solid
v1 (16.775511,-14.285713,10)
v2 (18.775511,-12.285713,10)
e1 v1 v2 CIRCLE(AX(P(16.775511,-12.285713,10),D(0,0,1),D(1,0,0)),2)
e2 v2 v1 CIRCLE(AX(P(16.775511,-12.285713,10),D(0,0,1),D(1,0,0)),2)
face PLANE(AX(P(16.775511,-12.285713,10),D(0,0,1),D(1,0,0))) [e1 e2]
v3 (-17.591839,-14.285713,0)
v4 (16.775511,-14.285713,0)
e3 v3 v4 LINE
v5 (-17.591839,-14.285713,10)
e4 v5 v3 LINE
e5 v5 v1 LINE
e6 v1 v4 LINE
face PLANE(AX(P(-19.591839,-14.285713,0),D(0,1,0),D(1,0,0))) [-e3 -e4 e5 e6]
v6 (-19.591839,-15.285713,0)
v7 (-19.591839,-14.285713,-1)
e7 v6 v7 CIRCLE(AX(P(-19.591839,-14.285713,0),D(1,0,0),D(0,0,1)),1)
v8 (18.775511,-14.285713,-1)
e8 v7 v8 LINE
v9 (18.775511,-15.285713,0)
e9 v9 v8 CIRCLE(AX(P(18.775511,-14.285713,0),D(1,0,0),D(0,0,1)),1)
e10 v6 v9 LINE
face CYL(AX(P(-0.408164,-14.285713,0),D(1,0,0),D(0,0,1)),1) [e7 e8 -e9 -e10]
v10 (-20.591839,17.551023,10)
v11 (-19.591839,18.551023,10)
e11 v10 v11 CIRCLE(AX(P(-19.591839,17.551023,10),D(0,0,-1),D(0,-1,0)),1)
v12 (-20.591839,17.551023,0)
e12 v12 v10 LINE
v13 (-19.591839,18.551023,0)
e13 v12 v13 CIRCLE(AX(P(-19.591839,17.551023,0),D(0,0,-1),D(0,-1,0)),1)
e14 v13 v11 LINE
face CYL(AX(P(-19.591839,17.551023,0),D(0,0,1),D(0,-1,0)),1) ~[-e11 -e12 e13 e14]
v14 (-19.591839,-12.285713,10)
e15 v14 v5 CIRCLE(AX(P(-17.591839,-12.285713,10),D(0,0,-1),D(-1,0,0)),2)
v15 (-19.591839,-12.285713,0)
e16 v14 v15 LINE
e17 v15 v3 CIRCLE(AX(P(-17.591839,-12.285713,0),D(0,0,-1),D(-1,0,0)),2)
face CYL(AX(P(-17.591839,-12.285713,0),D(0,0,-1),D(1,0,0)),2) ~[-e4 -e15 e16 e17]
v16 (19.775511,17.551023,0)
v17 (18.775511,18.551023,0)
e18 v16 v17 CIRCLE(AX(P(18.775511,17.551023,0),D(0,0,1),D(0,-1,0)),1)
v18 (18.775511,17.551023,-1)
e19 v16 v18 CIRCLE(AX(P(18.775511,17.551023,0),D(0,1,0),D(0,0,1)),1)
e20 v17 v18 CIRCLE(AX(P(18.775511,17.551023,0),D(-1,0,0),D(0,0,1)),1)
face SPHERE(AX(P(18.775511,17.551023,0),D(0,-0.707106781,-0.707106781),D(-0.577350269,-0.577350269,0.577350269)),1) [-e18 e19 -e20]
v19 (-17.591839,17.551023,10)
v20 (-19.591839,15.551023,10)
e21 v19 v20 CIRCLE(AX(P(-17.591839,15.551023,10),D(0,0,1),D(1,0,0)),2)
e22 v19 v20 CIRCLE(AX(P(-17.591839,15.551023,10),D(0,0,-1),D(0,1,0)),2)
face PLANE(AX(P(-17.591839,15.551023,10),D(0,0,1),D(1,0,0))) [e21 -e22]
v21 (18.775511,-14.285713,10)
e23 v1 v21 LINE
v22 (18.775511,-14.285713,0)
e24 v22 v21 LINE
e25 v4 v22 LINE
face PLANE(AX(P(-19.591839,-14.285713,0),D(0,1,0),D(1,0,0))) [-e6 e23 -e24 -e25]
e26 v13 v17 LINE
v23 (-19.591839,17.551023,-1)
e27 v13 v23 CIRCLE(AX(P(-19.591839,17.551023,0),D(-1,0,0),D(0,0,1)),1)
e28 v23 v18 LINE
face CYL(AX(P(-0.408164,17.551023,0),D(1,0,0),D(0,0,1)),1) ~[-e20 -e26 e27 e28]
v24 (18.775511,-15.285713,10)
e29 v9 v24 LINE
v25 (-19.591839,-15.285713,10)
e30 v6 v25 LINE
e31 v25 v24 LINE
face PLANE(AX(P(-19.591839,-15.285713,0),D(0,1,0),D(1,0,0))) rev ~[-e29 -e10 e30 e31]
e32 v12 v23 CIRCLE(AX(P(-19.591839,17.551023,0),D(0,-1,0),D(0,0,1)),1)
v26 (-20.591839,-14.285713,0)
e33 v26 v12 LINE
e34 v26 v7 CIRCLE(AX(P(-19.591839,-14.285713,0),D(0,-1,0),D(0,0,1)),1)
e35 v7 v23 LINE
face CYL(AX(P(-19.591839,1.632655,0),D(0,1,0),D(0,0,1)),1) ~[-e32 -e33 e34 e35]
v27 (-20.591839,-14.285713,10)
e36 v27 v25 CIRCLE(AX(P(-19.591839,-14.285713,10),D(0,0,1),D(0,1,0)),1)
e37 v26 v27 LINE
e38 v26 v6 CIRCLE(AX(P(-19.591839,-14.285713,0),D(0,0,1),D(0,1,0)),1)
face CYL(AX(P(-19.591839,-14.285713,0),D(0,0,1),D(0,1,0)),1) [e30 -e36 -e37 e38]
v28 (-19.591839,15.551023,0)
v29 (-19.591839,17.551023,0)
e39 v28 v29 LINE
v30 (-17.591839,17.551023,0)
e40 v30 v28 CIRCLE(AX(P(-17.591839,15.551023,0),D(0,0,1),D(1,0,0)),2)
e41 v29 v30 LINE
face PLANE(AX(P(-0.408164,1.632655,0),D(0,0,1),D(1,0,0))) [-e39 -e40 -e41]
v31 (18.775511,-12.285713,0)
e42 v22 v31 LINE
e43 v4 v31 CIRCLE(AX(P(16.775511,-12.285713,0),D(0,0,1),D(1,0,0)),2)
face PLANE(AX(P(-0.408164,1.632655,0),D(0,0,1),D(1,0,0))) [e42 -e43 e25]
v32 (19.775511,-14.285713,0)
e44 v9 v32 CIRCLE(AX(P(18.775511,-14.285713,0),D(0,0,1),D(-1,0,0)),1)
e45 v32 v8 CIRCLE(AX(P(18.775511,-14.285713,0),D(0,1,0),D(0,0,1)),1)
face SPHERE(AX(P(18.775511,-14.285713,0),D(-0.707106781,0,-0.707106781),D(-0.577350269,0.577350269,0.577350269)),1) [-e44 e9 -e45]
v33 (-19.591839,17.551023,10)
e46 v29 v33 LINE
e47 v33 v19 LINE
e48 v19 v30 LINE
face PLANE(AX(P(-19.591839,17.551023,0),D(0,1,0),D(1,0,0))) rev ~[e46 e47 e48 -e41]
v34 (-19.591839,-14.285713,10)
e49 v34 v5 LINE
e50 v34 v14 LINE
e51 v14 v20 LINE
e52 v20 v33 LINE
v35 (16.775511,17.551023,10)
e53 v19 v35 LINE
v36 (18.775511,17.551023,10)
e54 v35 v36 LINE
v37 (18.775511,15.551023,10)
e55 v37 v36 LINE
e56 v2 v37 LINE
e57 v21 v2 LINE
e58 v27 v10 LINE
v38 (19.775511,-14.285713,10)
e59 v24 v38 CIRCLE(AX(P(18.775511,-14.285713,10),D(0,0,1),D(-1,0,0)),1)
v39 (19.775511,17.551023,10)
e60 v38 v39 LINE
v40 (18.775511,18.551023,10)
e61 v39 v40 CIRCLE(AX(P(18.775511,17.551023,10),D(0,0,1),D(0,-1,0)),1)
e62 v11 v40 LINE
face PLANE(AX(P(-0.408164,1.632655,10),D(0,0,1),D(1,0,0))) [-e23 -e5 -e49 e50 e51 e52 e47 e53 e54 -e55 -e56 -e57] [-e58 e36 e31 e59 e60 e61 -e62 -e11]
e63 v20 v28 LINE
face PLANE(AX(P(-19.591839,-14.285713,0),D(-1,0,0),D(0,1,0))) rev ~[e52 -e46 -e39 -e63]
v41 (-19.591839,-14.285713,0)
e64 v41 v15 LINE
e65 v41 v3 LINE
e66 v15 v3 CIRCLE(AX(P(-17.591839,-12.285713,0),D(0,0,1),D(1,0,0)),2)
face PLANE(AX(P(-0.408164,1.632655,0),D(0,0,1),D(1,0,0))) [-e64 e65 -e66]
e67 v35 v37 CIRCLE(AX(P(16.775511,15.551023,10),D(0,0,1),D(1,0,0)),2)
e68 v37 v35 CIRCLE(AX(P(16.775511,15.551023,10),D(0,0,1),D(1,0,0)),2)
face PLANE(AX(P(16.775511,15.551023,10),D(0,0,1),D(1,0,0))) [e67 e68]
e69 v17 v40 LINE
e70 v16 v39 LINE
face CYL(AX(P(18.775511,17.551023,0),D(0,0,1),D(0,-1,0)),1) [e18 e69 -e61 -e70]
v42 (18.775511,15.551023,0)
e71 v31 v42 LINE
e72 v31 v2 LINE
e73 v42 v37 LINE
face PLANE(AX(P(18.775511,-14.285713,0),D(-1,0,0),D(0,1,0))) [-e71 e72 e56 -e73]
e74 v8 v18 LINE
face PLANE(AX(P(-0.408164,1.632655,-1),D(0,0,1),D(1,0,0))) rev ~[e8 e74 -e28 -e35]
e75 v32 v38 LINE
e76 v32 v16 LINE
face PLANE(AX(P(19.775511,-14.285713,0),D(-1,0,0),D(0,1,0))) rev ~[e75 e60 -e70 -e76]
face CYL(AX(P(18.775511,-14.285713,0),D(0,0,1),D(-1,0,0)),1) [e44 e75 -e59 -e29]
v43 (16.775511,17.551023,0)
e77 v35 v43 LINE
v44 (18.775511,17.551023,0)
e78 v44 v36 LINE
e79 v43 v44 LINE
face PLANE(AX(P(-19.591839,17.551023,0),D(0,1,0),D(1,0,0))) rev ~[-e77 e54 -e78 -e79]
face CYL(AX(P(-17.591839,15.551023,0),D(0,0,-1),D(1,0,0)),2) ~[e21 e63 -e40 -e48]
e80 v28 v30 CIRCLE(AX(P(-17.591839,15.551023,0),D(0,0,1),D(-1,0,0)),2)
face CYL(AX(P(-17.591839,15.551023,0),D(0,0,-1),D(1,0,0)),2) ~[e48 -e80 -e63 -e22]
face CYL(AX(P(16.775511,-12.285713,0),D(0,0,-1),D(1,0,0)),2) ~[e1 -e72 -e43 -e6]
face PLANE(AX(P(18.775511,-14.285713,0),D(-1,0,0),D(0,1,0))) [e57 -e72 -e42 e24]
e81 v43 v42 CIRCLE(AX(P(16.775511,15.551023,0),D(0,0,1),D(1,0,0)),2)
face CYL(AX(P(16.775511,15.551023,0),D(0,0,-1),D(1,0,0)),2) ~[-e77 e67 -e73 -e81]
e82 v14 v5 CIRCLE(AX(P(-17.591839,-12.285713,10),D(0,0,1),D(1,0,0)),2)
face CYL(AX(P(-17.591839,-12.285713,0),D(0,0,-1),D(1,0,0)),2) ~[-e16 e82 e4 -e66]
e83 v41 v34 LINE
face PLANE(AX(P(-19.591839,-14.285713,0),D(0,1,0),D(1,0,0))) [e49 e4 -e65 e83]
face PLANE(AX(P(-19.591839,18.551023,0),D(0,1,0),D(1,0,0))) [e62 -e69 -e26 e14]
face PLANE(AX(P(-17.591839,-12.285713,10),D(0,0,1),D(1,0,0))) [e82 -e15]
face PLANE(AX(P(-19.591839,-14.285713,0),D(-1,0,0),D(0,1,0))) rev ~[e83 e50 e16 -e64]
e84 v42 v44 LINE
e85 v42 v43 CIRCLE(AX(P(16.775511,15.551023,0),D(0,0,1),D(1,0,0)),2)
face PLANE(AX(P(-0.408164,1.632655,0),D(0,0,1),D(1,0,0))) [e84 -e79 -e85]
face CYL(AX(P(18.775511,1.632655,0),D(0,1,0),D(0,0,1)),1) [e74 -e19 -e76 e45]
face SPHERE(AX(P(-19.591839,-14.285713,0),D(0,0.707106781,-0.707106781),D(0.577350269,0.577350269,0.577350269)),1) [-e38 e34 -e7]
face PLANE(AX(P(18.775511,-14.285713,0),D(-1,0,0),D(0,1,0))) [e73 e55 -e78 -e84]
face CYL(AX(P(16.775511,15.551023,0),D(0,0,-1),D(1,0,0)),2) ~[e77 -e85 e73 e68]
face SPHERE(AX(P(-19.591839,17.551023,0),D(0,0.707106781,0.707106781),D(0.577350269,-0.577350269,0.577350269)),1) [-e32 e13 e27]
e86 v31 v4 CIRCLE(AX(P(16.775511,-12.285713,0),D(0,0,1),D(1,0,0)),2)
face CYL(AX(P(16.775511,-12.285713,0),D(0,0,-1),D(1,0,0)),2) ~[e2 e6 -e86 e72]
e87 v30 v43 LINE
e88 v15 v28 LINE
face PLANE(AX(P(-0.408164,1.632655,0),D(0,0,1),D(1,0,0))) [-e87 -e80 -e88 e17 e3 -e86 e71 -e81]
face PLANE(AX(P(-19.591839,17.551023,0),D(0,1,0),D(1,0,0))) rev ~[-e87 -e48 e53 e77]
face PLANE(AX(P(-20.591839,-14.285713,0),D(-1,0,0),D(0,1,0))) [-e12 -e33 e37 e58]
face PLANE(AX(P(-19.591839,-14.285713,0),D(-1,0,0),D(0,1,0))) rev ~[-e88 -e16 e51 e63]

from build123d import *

# Parameters (mm, degrees)
SKETCH_W     = 38.36735
SKETCH_H     = 31.836736
PAD_DEPTH    = 10
THICKNESS_T  = 1
SKETCH001_R  = 2
PAD001_DEPTH = 10


with BuildPart() as part:
    # Sketch → Pad (new body)
    with BuildSketch(Plane.XY):
        with Locations((-0.408164, 1.632655)):
            Rectangle(SKETCH_W, SKETCH_H)
    extrude(amount=PAD_DEPTH)

    # Thickness
    thickness_openings = [part.faces().sort_by_distance(p)[0] for p in [
        (-0.408164, 1.632655, 10),
    ]]
    offset(amount=THICKNESS_T, openings=thickness_openings)

    # Sketch001 (on Face5 of Thickness) → Pad001 (join)
    with BuildSketch(Plane.XY):
        with Locations((-17.591839, 15.551023)):
            Circle(SKETCH001_R)
        with Locations((16.775511, 15.551023)):
            Circle(SKETCH001_R)
        with Locations((16.775511, -12.285713)):
            Circle(SKETCH001_R)
        with Locations((-17.591839, -12.285713)):
            Circle(SKETCH001_R)
    extrude(amount=PAD001_DEPTH)


solid = part.part
